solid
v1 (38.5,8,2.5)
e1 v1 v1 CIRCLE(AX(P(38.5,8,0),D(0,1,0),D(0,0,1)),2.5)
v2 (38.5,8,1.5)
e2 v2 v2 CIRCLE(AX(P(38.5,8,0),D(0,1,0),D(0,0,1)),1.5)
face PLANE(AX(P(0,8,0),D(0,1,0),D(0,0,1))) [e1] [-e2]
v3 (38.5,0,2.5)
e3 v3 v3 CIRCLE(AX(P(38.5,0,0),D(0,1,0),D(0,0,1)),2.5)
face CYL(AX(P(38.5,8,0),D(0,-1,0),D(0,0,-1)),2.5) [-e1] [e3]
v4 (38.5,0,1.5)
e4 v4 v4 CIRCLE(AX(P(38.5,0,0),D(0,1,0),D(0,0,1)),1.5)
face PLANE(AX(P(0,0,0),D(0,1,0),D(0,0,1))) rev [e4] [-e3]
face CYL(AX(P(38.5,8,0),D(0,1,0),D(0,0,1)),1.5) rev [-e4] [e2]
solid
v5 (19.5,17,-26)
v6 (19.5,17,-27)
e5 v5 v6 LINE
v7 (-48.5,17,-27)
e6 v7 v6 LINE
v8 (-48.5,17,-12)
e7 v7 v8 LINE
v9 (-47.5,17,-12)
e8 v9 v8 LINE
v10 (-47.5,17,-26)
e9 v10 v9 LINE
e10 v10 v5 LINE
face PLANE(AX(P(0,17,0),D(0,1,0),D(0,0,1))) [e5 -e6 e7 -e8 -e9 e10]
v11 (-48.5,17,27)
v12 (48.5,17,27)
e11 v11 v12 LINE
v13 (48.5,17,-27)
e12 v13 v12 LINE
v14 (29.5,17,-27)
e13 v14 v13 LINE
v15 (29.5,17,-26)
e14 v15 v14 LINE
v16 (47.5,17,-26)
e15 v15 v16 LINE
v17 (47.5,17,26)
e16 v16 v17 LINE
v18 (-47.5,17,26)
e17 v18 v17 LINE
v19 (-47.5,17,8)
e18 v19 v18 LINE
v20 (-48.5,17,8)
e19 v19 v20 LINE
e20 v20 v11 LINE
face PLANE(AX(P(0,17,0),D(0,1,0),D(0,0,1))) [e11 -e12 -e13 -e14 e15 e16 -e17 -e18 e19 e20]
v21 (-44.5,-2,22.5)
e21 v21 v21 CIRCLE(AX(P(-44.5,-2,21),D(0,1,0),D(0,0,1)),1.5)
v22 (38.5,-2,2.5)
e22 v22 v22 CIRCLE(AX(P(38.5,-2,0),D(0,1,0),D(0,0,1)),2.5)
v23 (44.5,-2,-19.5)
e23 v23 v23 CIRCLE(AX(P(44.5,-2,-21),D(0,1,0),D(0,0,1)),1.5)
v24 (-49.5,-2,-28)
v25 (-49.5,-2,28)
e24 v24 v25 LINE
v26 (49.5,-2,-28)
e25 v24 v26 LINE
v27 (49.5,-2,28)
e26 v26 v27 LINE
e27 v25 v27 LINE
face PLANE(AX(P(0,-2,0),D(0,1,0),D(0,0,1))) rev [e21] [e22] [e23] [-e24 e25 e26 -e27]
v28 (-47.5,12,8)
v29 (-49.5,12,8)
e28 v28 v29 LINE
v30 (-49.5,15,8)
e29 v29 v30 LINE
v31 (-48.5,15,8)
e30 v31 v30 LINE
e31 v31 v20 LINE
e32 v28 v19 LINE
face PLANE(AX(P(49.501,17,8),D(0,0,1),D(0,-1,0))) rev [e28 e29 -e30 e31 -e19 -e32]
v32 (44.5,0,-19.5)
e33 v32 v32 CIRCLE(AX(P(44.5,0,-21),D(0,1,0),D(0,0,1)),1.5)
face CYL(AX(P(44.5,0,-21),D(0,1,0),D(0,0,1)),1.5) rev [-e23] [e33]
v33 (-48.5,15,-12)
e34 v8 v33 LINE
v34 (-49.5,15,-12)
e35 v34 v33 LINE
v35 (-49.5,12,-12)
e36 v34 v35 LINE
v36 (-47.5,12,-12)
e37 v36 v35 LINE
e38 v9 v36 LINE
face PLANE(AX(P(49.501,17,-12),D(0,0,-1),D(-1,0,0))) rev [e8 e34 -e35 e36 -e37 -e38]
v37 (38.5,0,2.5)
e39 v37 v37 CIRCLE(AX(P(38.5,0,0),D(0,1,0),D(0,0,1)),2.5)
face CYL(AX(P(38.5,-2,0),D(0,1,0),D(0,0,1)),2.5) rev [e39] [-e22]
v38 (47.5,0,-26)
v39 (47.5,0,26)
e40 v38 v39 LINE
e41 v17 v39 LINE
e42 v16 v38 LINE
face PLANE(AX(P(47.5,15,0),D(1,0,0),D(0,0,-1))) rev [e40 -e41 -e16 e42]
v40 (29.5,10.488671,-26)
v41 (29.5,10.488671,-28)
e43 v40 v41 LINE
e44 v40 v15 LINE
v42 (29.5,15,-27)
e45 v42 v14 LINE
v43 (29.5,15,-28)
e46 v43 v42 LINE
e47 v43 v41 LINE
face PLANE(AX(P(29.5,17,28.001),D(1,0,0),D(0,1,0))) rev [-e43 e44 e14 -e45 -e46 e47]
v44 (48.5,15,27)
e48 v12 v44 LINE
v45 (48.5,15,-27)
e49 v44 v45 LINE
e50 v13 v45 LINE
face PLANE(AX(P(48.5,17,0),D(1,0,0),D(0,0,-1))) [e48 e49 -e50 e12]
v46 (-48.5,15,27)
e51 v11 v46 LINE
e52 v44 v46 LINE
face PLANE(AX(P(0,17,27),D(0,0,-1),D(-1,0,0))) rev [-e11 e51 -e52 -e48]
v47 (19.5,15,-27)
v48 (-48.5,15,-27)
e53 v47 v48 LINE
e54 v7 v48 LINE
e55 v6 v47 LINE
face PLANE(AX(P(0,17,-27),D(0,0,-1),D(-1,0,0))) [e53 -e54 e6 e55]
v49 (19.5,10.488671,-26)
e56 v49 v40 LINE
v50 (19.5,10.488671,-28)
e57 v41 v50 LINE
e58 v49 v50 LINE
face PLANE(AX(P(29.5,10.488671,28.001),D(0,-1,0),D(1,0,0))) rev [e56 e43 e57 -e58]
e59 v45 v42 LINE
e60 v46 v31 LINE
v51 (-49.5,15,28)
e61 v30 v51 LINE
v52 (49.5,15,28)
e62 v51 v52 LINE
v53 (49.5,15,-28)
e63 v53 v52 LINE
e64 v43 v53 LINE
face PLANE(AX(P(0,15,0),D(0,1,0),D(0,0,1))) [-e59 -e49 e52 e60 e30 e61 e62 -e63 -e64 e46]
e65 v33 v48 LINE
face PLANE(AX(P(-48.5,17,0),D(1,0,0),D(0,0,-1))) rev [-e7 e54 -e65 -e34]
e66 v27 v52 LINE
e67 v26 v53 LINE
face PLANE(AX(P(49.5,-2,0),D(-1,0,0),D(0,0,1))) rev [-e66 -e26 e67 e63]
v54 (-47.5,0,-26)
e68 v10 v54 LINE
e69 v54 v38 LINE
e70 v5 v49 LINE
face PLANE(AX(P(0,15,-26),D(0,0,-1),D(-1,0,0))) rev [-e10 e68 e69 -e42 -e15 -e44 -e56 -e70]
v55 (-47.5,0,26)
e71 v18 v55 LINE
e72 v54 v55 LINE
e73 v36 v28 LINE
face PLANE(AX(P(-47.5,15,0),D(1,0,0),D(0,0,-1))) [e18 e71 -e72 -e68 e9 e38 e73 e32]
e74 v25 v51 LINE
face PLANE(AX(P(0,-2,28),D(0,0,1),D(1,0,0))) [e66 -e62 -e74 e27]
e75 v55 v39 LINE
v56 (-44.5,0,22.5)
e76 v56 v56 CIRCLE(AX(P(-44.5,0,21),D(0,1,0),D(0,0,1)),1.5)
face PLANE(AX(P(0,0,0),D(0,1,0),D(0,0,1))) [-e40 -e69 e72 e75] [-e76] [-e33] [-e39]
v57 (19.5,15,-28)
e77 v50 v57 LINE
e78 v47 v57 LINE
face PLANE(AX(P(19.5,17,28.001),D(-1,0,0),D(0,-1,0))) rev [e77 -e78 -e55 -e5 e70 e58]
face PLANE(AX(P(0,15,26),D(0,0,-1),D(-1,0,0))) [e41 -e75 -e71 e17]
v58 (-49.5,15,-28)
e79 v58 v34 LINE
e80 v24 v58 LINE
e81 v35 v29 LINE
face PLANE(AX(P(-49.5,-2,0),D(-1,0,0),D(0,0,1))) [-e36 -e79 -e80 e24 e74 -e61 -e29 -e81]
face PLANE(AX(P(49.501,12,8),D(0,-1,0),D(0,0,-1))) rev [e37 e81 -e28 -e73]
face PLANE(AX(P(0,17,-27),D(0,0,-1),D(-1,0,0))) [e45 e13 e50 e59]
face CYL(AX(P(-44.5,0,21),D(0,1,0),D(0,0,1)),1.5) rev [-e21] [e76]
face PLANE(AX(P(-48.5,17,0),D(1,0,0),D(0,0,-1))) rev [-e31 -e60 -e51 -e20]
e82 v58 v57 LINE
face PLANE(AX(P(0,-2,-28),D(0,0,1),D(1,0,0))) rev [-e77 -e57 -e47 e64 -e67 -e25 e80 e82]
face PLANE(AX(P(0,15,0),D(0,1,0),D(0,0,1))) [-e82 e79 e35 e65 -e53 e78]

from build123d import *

# Parameters (mm, degrees)
SKETCH1_R                         = 2.5
BOSS_EXTRUDE1_DEPTH               = 8
SKETCH1_3_W                       = 99
SKETCH1_3_H                       = 56
SKETCH1_3_W_2                     = 97
SKETCH1_3_H_2                     = 54
SKETCH1_3_W_3                     = 95
SKETCH1_3_H_3                     = 52
SKETCH1_3_R                       = 2.5
BOSS_EXTRUDE2_DEPTH               = 2
SKETCH1_5_W                       = 99
SKETCH1_5_H                       = 56
SKETCH1_5_W_2                     = 97
SKETCH1_5_H_2                     = 54
SKETCH1_5_W_3                     = 95
SKETCH1_5_H_3                     = 52
BOSS_EXTRUDE4_DEPTH               = 15
SKETCH1_6_W                       = 97
SKETCH1_6_H                       = 54
SKETCH1_6_W_2                     = 95
SKETCH1_6_H_2                     = 52
BOSS_EXTRUDE5_DEPTH               = 17
SKETCH4_W                         = 1.5
SKETCH4_H                         = 2
F_3_0_3_DIAMETER_HOLE1_AT_2_COUNT = 2
F_3_0_3_DIAMETER_HOLE1_AT_2_PITCH = 98.412397593
SKETCH8_W                         = 1.5
SKETCH8_H                         = 10
CUT_EXTRUDE1_START                = -2
SKETCH9_W                         = 20
SKETCH9_H                         = 5
CUT_EXTRUDE1_DEPTH                = 2
CUT_EXTRUDE2_START                = -2
SKETCH10_W                        = 10
SKETCH10_H                        = 6.51132948
CUT_EXTRUDE2_DEPTH                = 2


with BuildPart() as part:
    # Sketch1 → Boss-Extrude1 (new body)
    with BuildSketch(Plane(origin=(0, 0, 0), x_dir=(1, 0, 0), z_dir=(0, 1, 0))):
        with Locations(Location((38.5, 0, 0), (0, 0, 270))):
            Circle(SKETCH1_R)
    extrude(amount=BOSS_EXTRUDE1_DEPTH)

    # Sketch8 → Ø3.0 (3) Diameter Hole2 (revolve, cut)
    with BuildSketch(Plane(origin=(38.5, 8, 0), x_dir=(0, 0, 1), z_dir=(1, 0, 0))):
        with Locations((0.75, 5)):
            Rectangle(SKETCH8_W, SKETCH8_H)
    revolve(axis=Axis((38.5, 14.35, 0), (0, -1, 0)), mode=Mode.SUBTRACT)


with BuildPart() as body_2:
    # Sketch1<3> → Boss-Extrude2 (new body)
    with BuildSketch(Plane(origin=(0, 0, 0), x_dir=(1, 0, 0), z_dir=(0, 1, 0))):
        Rectangle(SKETCH1_3_W, SKETCH1_3_H)
        Rectangle(SKETCH1_3_W_2, SKETCH1_3_H_2, mode=Mode.SUBTRACT)
        Rectangle(SKETCH1_3_W_2, SKETCH1_3_H_2)
        Rectangle(SKETCH1_3_W_3, SKETCH1_3_H_3, mode=Mode.SUBTRACT)
        Rectangle(SKETCH1_3_W_3, SKETCH1_3_H_3)
        with Locations(Location((38.5, 0, 0), (0, 0, 270))):
            Circle(SKETCH1_3_R, mode=Mode.SUBTRACT)
    extrude(amount=-BOSS_EXTRUDE2_DEPTH)

    # Sketch1<5> → Boss-Extrude4 (add)
    with BuildSketch(Plane(origin=(0, 0, 0), x_dir=(1, 0, 0), z_dir=(0, 1, 0))):
        Rectangle(SKETCH1_5_W, SKETCH1_5_H)
        Rectangle(SKETCH1_5_W_2, SKETCH1_5_H_2, mode=Mode.SUBTRACT)
        Rectangle(SKETCH1_5_W_2, SKETCH1_5_H_2)
        Rectangle(SKETCH1_5_W_3, SKETCH1_5_H_3, mode=Mode.SUBTRACT)
    extrude(amount=BOSS_EXTRUDE4_DEPTH)

    # Sketch1<6> → Boss-Extrude5 (add)
    with BuildSketch(Plane(origin=(0, 0, 0), x_dir=(1, 0, 0), z_dir=(0, 1, 0))):
        Rectangle(SKETCH1_6_W, SKETCH1_6_H)
        Rectangle(SKETCH1_6_W_2, SKETCH1_6_H_2, mode=Mode.SUBTRACT)
    extrude(amount=BOSS_EXTRUDE5_DEPTH)

    # Sketch4 → Ø3.0 (3) Diameter Hole1 (revolve, cut)
    with BuildSketch(Plane(origin=(-44.5, 0, 21), x_dir=(0, 0, 1), z_dir=(1, 0, 0))):
        with Locations((0.75, 1)):
            Rectangle(SKETCH4_W, SKETCH4_H)
    f_3_0_3_diameter_hole1 = revolve(axis=Axis((-44.5, 6.35, 21), (0, -1, 0)), mode=Mode.SUBTRACT)

    # Ø3.0 (3) Diameter Hole1 at 2: Ø3.0 (3) Diameter Hole1 ×2
    with Locations(*[Vector(0.9043576030744216, 0, -0.42677549808006415) * (i * F_3_0_3_DIAMETER_HOLE1_AT_2_PITCH) for i in range(1, F_3_0_3_DIAMETER_HOLE1_AT_2_COUNT)]):
        add(f_3_0_3_diameter_hole1, mode=Mode.SUBTRACT)

    # Sketch9 → Cut-Extrude1 (cut)
    with BuildSketch(Plane.ZY.offset(49.5).offset(CUT_EXTRUDE1_START)):
        with Locations((-2, 14.5)):
            Rectangle(SKETCH9_W, SKETCH9_H)
    extrude(amount=CUT_EXTRUDE1_DEPTH, mode=Mode.SUBTRACT)

    # Sketch10 → Cut-Extrude2 (cut)
    with BuildSketch(Plane(origin=(0, 0, -28), x_dir=(-1, 0, 0), z_dir=(0, 0, -1)).offset(CUT_EXTRUDE2_START)):
        with Locations((-24.5, 13.74433526)):
            Rectangle(SKETCH10_W, SKETCH10_H)
    extrude(amount=CUT_EXTRUDE2_DEPTH, mode=Mode.SUBTRACT)


solid = Compound([part.part, body_2.part])
